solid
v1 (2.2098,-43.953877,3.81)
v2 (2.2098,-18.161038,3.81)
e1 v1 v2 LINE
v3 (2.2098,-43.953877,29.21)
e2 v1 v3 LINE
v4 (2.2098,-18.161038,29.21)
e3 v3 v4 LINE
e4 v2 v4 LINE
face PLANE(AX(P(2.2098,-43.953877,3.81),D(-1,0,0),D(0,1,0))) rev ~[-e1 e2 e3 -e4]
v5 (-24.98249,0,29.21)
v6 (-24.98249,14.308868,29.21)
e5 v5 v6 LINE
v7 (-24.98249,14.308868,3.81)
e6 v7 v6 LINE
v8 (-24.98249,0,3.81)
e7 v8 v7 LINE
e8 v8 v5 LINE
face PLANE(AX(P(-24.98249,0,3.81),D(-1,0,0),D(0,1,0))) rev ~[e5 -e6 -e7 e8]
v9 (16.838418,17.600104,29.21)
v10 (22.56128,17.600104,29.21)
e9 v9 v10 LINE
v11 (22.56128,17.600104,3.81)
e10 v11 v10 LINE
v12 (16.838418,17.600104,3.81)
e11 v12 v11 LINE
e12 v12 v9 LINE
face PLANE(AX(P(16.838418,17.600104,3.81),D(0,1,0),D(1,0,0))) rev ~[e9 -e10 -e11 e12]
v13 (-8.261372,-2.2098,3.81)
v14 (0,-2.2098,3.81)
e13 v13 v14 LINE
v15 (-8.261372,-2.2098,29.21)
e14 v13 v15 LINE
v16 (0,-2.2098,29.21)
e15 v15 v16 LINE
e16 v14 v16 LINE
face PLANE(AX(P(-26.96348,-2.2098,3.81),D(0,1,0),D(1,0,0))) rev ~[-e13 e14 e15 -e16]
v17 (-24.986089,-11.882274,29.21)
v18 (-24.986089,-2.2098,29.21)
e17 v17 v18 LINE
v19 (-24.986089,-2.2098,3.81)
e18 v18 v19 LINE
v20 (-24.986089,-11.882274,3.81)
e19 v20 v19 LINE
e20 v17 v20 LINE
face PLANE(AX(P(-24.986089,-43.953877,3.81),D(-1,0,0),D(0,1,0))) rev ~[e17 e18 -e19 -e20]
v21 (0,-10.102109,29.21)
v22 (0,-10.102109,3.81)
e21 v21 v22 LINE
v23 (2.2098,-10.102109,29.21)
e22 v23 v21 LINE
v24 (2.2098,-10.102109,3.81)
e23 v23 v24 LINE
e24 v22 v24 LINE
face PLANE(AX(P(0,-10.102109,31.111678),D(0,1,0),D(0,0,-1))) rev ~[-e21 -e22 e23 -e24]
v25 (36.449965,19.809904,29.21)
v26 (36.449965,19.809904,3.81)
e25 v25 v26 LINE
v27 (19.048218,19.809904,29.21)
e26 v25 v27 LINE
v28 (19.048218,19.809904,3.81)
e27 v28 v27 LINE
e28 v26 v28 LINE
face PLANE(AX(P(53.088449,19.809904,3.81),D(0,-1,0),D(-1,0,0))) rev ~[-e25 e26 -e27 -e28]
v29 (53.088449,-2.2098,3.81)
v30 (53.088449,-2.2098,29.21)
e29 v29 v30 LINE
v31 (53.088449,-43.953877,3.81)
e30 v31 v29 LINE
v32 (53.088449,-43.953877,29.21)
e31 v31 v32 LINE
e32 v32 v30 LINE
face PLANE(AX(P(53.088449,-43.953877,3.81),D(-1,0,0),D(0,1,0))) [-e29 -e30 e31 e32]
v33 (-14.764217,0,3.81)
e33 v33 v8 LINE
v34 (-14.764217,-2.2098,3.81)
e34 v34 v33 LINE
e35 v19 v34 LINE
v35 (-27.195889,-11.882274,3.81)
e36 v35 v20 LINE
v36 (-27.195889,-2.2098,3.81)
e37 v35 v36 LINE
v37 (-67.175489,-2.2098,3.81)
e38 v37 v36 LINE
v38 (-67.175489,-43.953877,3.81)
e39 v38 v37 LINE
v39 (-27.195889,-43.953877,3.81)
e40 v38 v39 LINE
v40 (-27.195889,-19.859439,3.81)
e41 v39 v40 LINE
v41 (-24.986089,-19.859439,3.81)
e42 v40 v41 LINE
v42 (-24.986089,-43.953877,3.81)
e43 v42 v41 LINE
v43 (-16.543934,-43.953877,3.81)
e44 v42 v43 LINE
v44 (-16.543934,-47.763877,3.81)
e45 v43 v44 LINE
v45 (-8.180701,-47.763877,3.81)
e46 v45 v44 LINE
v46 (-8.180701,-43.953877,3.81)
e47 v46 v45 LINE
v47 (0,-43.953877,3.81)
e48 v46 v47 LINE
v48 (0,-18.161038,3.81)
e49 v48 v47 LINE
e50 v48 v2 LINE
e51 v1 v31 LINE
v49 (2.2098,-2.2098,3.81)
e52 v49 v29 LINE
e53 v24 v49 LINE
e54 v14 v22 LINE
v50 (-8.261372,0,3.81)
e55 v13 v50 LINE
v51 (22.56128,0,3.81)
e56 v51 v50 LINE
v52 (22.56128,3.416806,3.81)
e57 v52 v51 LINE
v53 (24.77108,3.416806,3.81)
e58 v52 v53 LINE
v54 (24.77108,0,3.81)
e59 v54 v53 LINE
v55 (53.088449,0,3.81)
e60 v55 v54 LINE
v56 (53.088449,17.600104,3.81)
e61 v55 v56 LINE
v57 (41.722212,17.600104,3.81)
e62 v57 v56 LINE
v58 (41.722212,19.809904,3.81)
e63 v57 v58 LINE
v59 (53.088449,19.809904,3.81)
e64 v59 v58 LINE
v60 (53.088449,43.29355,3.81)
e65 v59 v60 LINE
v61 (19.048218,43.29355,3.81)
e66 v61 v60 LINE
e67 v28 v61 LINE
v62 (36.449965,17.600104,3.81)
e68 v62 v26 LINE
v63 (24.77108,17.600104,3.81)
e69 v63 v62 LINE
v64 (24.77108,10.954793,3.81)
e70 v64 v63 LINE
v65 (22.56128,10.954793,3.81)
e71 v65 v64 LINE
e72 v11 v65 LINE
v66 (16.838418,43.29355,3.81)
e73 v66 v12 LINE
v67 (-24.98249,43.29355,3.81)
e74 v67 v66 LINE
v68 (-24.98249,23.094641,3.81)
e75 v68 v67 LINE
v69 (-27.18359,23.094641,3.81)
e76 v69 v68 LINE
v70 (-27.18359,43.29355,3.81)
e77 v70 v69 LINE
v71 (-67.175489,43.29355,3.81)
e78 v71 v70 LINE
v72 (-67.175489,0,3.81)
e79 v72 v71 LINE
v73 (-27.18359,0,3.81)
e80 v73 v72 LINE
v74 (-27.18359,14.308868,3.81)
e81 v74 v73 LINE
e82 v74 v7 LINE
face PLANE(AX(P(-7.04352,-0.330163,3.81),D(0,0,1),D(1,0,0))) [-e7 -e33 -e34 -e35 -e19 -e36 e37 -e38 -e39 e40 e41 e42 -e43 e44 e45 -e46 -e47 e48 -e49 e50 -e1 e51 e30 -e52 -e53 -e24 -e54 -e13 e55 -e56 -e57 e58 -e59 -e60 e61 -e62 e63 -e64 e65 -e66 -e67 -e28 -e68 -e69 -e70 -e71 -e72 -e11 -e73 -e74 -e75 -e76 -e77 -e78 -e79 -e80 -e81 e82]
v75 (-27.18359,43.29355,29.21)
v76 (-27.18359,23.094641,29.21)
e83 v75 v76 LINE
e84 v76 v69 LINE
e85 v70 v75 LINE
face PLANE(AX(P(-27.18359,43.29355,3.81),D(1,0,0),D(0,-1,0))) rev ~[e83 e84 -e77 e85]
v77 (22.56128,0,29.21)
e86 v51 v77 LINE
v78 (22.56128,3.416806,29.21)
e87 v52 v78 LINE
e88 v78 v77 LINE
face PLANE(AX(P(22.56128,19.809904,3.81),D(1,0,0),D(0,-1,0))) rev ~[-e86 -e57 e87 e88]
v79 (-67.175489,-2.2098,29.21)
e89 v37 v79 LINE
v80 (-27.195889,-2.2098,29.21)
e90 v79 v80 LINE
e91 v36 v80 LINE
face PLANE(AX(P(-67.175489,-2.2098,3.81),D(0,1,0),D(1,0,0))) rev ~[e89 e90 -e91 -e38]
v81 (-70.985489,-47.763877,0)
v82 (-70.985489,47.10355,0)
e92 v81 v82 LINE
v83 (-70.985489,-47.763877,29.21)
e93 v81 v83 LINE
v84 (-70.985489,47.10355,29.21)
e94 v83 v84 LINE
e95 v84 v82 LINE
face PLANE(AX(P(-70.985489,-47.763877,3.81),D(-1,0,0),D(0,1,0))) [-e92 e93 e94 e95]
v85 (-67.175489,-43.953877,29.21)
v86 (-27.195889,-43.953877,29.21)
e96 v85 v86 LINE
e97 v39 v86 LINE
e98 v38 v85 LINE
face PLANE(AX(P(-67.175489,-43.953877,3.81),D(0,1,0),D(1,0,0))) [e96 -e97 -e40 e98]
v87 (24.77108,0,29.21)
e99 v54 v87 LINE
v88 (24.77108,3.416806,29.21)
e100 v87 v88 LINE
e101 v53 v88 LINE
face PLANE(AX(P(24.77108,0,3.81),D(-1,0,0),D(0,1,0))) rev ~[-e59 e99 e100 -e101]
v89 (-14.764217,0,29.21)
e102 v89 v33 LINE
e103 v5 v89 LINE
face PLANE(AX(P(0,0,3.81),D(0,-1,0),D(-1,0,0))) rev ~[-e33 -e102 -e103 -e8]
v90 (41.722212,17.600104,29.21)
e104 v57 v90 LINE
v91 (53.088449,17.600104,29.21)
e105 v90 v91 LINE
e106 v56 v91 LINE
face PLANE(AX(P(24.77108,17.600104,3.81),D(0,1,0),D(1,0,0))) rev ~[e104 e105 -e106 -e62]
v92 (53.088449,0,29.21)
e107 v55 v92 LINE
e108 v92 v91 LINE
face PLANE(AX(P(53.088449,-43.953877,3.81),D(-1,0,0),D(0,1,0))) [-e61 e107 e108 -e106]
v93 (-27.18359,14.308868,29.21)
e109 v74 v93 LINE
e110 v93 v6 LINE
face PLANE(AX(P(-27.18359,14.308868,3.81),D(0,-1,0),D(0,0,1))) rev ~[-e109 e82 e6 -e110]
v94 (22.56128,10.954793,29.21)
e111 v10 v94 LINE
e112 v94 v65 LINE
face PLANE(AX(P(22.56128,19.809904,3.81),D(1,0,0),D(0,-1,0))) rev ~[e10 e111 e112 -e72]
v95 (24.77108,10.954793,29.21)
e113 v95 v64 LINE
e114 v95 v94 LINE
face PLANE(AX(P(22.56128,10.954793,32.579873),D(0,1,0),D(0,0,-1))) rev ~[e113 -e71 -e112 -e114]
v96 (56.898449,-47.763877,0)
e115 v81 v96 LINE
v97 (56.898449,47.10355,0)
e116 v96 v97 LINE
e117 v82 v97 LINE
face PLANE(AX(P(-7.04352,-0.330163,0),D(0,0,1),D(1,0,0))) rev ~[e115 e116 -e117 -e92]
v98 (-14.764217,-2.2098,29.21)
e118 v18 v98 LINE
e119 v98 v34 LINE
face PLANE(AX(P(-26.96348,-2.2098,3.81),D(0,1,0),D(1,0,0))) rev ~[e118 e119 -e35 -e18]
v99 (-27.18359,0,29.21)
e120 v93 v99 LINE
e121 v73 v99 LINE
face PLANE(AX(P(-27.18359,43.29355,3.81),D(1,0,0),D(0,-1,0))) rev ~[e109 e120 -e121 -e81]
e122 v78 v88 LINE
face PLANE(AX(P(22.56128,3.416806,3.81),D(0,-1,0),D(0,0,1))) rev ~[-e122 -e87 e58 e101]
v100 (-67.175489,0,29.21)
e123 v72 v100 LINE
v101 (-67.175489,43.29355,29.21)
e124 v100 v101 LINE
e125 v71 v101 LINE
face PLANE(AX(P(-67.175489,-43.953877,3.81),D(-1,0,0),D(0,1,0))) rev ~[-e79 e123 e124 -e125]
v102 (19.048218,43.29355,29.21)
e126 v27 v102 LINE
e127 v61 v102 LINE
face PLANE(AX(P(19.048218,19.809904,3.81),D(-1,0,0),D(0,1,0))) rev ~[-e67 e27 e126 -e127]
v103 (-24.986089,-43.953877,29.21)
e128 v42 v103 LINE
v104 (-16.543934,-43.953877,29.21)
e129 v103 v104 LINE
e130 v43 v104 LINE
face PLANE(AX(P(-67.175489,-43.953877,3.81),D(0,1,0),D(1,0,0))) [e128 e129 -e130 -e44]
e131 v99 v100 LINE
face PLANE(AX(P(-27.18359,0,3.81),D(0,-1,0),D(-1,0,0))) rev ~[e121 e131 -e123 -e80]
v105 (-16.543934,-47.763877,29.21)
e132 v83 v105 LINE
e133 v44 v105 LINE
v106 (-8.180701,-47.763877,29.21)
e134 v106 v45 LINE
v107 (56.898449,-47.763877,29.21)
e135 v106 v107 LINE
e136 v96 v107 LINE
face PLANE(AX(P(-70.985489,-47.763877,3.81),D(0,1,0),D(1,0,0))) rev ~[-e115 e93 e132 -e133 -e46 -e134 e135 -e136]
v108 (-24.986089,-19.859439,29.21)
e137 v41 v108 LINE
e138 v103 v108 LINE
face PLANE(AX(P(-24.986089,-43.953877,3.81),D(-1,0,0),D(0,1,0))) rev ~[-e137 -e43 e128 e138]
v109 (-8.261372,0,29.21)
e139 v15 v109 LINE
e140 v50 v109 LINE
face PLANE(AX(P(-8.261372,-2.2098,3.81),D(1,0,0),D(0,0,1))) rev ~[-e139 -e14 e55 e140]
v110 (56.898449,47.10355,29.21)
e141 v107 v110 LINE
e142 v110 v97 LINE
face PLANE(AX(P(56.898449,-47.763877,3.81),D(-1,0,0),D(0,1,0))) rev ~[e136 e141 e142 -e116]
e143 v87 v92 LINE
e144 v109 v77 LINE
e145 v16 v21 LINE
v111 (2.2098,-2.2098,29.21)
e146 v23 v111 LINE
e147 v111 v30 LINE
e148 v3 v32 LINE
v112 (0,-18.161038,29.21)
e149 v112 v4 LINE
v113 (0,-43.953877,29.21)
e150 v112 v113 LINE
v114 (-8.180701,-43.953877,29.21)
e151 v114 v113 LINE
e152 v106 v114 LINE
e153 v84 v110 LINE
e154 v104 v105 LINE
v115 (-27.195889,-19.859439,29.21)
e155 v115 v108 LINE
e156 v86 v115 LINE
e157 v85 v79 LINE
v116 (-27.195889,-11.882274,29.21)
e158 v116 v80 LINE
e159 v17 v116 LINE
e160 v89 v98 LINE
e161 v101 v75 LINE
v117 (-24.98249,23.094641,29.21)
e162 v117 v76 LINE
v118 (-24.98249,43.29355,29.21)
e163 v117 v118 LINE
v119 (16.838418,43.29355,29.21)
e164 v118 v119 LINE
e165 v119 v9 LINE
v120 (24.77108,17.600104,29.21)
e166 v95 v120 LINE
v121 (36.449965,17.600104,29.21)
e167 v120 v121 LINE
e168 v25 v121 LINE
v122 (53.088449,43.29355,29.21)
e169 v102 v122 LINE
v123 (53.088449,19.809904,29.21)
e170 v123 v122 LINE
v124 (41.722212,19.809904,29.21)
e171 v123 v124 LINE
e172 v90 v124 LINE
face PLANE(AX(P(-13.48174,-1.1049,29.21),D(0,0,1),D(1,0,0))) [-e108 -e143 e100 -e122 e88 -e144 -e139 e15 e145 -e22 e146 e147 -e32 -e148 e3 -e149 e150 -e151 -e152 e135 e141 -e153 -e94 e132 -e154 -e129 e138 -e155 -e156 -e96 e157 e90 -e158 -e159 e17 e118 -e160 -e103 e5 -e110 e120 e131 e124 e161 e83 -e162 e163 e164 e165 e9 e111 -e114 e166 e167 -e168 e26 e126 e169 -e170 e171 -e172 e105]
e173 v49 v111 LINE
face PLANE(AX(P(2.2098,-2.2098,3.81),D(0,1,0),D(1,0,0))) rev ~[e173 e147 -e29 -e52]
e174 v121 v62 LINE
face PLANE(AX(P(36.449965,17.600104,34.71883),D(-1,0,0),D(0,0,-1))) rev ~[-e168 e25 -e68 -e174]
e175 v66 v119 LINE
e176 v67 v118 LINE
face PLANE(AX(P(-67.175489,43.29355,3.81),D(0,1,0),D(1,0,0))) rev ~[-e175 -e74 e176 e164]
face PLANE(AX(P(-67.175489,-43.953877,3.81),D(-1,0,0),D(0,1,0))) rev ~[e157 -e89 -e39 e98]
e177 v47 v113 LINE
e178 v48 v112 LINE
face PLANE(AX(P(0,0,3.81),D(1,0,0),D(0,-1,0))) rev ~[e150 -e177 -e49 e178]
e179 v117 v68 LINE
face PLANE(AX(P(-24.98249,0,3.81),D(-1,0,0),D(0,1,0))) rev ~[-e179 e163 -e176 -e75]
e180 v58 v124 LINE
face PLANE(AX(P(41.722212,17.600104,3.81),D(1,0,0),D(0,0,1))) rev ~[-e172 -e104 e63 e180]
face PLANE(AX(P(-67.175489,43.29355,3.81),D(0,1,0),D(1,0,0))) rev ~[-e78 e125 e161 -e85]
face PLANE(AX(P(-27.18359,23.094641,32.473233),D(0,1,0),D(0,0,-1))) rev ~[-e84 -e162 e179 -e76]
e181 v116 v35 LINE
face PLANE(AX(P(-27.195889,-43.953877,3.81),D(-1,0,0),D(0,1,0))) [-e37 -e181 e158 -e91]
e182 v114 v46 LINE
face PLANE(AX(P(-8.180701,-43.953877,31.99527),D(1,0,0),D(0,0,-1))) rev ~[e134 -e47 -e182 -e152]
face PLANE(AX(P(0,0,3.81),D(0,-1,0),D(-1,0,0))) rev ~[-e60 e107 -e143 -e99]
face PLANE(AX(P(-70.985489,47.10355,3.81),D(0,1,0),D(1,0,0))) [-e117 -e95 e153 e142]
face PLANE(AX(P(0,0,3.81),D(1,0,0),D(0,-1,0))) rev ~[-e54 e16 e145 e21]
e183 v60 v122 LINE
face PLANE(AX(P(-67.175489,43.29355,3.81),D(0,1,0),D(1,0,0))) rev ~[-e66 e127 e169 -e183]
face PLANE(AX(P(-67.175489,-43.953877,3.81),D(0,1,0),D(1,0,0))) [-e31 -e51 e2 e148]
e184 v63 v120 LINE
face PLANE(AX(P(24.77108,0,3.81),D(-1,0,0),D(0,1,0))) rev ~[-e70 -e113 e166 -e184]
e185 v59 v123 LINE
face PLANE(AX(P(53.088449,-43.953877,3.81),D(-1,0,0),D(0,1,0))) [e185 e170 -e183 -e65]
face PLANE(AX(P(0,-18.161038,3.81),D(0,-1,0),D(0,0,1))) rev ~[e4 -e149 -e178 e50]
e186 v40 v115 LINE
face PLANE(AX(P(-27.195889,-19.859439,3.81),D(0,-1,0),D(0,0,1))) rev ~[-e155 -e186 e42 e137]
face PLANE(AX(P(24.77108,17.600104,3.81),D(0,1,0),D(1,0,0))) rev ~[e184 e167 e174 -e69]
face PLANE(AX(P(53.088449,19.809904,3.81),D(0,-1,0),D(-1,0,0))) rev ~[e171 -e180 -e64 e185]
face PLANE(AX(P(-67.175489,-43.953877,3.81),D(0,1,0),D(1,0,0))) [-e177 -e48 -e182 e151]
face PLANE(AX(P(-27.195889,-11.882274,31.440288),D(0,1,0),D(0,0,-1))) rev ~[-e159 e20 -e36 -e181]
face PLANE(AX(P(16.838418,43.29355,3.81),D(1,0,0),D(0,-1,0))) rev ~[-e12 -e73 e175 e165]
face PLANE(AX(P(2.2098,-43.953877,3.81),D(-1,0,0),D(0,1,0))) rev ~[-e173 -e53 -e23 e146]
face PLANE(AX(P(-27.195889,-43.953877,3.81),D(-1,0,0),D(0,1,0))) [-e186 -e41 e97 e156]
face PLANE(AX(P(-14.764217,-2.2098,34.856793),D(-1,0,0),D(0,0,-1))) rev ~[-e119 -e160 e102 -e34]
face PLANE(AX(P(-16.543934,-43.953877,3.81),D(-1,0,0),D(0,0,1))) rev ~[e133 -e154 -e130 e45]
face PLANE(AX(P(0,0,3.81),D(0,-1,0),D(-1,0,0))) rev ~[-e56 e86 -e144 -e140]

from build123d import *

# Parameters (mm, degrees)
F0_W      = 127.8839372098
F0_H      = 94.8674269021
F1_DEPTH  = 3.81
F2_W      = 127.8839372098
F2_H      = 94.8674269021
F2_W_2    = 120.2639372098
F2_H_2    = 87.2474269021
F3_DEPTH  = 25.4
F5_DEPTH  = 25.4
F6_W      = 2.2098
F6_H      = 41.744076617
F7_DEPTH  = 25.4
F9_DEPTH  = 25.4
F11_DEPTH = 25.4
F12_W     = 2.2098
F12_H     = 17.600103577
F13_DEPTH = 25.4
F14_W     = 2.2098
F14_H     = 23.4836467081
F15_DEPTH = 25.4
F17_DEPTH = 25.4
F19_DEPTH = 25.4
F21_DEPTH = 9.652
F23_DEPTH = 6.3754
F25_DEPTH = 11.43
F27_DEPTH = 11.43
F29_DEPTH = 10.414


with BuildPart() as f1:
    # F0 (on Top) → F1 (new body)
    with BuildSketch(Plane.XY):
        with Locations((-7.0435199887, -0.3301631659)):
            Rectangle(F0_W, F0_H)
    extrude(amount=F1_DEPTH)

    # F2 (on face) → F3 (join)
    with BuildSketch(Plane.XY.offset(3.81)):
        with Locations((-7.0435199887, -0.3301631659)):
            Rectangle(F2_W, F2_H)
        with Locations((-7.0435199887, -0.3301631659)):
            Rectangle(F2_W_2, F2_H_2, mode=Mode.SUBTRACT)
    extrude(amount=F3_DEPTH)

    # F4 (on face) → F5 (join)
    with BuildSketch(Plane.XY.offset(3.81)):
        Polygon((-24.9860885936, -2.2098), (-24.9860885936, 0), (-24.9824896455, 0), (-24.9824896455, 43.2935502851), (-27.1835904568, 43.2935502851), (-27.1835904568, 0), (-67.1754885936, 0), (-67.1754885936, -2.2098), align=None)
    extrude(amount=F5_DEPTH)

    # F6 (on face) → F7 (join)
    with BuildSketch(Plane.XY.offset(3.81)):
        with Locations((-26.0909885936, -23.0818383085)):
            Rectangle(F6_W, F6_H)
    extrude(amount=F7_DEPTH)

    # F8 (on face) → F9 (join)
    with BuildSketch(Plane.XY.offset(3.81)):
        Polygon((0, 0), (0, -43.953876617), (2.2098, -43.953876617), (2.2098, -2.2098), (53.0884486163, -2.2098), (53.0884486163, 0), align=None)
    extrude(amount=F9_DEPTH)

    # F10 (on face) → F11 (join)
    with BuildSketch(Plane.XY.offset(3.81)):
        Polygon((0, 0), (-24.9824896455, 0), (-26.9634798169, 0), (-26.9634798169, -2.2098), (-24.9860885936, -2.2098), (0, -2.2098), align=None)
    extrude(amount=F11_DEPTH)

    # F12 (on face) → F13 (join)
    with BuildSketch(Plane.XY.offset(3.81)):
        with Locations((23.6661800568, 8.8000517885)):
            Rectangle(F12_W, F12_H)
        Polygon((22.5612800568, 19.809903577), (22.5612800568, 17.600103577), (24.7710800568, 17.600103577), (53.0884486163, 17.600103577), (53.0884486163, 19.809903577), align=None)
    extrude(amount=F13_DEPTH)

    # F14 (on face) → F15 (join)
    with BuildSketch(Plane.XY.offset(3.81)):
        Polygon((53.0884486163, 17.600103577), (53.0884486163, 19.809903577), (19.0482183198, 19.809903577), (16.8384183198, 19.809903577), (16.8384183198, 17.600103577), align=None)
        with Locations((17.9433183198, 31.551726931)):
            Rectangle(F14_W, F14_H)
    extrude(amount=F15_DEPTH)

    # F16 (on face) → F17 (cut)
    with BuildSketch(Plane(origin=(0, -43.953876617, 0), x_dir=(-1, 0, 0), z_dir=(0, 1, 0))):
        Polygon((8.1807011738, 22.1107043326), (8.1807011738, 3.81), (16.5439341217, 3.81), (16.5439341217, 22.1107043326), (16.5439341217, 31.9952704012), (8.1807011738, 31.9952704012), align=None)
    extrude(amount=-F17_DEPTH, mode=Mode.SUBTRACT)

    # F18 (on face) → F19 (cut)
    with BuildSketch(Plane(origin=(0, 0, 0), x_dir=(0, -1, 0), z_dir=(-1, 0, 0))):
        Polygon((10.1021090522, 23.6382391304), (10.1021090522, 3.81), (18.1610379368, 3.81), (18.1610379368, 23.6382391304), (18.1610379368, 31.1116781086), (10.1021090522, 31.1116781086), align=None)
    extrude(amount=-F19_DEPTH, mode=Mode.SUBTRACT)

    # F20 (on face) → F21 (cut)
    with BuildSketch(Plane(origin=(-27.1958885936, 0, 0), x_dir=(0, -1, 0), z_dir=(-1, 0, 0))):
        Polygon((11.8822744116, 20.1589465141), (11.8822744116, 3.81), (19.8594387621, 3.81), (19.8594387621, 20.1589465141), (19.8594387621, 31.4402878284), (11.8822744116, 31.4402878284), align=None)
    extrude(amount=-F21_DEPTH, mode=Mode.SUBTRACT)

    # F22 (on face) → F23 (cut)
    with BuildSketch(Plane(origin=(-27.1835904568, 0, 0), x_dir=(0, -1, 0), z_dir=(-1, 0, 0))):
        Polygon((-23.0946410447, 19.9922583997), (-23.0946410447, 3.81), (-14.3088679761, 3.81), (-14.3088679761, 19.9922583997), (-14.3088679761, 32.4732325971), (-23.0946410447, 32.4732325971), align=None)
    extrude(amount=-F23_DEPTH, mode=Mode.SUBTRACT)

    # F24 (on face) → F25 (cut)
    with BuildSketch(Plane(origin=(22.5612800568, 0, 0), x_dir=(0, -1, 0), z_dir=(-1, 0, 0))):
        Polygon((-10.9547926113, 22.2612097859), (-10.9547926113, 3.81), (-3.4168059938, 3.81), (-3.4168059938, 22.2612097859), (-3.4168059938, 32.5798727572), (-10.9547926113, 32.5798727572), align=None)
    extrude(amount=-F25_DEPTH, mode=Mode.SUBTRACT)

    # F26 (on face) → F27 (cut)
    with BuildSketch(Plane.XZ.offset(-17.600103577)):
        Polygon((36.4499650896, 21.9316985458), (36.4499650896, 3.81), (41.7222119868, 3.81), (41.7222119868, 21.2429128587), (41.7222119868, 21.9316985458), (41.7222119868, 34.7188301384), (36.4499650896, 34.7188301384), align=None)
    extrude(amount=-F27_DEPTH, mode=Mode.SUBTRACT)

    # F28 (on face) → F29 (cut)
    with BuildSketch(Plane.XZ.offset(2.2098)):
        Polygon((-14.7642167285, 18.1317012757), (-14.7642167285, 3.81), (-8.2613723353, 3.81), (-8.2613723353, 18.1317012757), (-8.2613723353, 34.8567925394), (-14.7642167285, 34.8567925394), align=None)
    extrude(amount=-F29_DEPTH, mode=Mode.SUBTRACT)


solid = f1.part
